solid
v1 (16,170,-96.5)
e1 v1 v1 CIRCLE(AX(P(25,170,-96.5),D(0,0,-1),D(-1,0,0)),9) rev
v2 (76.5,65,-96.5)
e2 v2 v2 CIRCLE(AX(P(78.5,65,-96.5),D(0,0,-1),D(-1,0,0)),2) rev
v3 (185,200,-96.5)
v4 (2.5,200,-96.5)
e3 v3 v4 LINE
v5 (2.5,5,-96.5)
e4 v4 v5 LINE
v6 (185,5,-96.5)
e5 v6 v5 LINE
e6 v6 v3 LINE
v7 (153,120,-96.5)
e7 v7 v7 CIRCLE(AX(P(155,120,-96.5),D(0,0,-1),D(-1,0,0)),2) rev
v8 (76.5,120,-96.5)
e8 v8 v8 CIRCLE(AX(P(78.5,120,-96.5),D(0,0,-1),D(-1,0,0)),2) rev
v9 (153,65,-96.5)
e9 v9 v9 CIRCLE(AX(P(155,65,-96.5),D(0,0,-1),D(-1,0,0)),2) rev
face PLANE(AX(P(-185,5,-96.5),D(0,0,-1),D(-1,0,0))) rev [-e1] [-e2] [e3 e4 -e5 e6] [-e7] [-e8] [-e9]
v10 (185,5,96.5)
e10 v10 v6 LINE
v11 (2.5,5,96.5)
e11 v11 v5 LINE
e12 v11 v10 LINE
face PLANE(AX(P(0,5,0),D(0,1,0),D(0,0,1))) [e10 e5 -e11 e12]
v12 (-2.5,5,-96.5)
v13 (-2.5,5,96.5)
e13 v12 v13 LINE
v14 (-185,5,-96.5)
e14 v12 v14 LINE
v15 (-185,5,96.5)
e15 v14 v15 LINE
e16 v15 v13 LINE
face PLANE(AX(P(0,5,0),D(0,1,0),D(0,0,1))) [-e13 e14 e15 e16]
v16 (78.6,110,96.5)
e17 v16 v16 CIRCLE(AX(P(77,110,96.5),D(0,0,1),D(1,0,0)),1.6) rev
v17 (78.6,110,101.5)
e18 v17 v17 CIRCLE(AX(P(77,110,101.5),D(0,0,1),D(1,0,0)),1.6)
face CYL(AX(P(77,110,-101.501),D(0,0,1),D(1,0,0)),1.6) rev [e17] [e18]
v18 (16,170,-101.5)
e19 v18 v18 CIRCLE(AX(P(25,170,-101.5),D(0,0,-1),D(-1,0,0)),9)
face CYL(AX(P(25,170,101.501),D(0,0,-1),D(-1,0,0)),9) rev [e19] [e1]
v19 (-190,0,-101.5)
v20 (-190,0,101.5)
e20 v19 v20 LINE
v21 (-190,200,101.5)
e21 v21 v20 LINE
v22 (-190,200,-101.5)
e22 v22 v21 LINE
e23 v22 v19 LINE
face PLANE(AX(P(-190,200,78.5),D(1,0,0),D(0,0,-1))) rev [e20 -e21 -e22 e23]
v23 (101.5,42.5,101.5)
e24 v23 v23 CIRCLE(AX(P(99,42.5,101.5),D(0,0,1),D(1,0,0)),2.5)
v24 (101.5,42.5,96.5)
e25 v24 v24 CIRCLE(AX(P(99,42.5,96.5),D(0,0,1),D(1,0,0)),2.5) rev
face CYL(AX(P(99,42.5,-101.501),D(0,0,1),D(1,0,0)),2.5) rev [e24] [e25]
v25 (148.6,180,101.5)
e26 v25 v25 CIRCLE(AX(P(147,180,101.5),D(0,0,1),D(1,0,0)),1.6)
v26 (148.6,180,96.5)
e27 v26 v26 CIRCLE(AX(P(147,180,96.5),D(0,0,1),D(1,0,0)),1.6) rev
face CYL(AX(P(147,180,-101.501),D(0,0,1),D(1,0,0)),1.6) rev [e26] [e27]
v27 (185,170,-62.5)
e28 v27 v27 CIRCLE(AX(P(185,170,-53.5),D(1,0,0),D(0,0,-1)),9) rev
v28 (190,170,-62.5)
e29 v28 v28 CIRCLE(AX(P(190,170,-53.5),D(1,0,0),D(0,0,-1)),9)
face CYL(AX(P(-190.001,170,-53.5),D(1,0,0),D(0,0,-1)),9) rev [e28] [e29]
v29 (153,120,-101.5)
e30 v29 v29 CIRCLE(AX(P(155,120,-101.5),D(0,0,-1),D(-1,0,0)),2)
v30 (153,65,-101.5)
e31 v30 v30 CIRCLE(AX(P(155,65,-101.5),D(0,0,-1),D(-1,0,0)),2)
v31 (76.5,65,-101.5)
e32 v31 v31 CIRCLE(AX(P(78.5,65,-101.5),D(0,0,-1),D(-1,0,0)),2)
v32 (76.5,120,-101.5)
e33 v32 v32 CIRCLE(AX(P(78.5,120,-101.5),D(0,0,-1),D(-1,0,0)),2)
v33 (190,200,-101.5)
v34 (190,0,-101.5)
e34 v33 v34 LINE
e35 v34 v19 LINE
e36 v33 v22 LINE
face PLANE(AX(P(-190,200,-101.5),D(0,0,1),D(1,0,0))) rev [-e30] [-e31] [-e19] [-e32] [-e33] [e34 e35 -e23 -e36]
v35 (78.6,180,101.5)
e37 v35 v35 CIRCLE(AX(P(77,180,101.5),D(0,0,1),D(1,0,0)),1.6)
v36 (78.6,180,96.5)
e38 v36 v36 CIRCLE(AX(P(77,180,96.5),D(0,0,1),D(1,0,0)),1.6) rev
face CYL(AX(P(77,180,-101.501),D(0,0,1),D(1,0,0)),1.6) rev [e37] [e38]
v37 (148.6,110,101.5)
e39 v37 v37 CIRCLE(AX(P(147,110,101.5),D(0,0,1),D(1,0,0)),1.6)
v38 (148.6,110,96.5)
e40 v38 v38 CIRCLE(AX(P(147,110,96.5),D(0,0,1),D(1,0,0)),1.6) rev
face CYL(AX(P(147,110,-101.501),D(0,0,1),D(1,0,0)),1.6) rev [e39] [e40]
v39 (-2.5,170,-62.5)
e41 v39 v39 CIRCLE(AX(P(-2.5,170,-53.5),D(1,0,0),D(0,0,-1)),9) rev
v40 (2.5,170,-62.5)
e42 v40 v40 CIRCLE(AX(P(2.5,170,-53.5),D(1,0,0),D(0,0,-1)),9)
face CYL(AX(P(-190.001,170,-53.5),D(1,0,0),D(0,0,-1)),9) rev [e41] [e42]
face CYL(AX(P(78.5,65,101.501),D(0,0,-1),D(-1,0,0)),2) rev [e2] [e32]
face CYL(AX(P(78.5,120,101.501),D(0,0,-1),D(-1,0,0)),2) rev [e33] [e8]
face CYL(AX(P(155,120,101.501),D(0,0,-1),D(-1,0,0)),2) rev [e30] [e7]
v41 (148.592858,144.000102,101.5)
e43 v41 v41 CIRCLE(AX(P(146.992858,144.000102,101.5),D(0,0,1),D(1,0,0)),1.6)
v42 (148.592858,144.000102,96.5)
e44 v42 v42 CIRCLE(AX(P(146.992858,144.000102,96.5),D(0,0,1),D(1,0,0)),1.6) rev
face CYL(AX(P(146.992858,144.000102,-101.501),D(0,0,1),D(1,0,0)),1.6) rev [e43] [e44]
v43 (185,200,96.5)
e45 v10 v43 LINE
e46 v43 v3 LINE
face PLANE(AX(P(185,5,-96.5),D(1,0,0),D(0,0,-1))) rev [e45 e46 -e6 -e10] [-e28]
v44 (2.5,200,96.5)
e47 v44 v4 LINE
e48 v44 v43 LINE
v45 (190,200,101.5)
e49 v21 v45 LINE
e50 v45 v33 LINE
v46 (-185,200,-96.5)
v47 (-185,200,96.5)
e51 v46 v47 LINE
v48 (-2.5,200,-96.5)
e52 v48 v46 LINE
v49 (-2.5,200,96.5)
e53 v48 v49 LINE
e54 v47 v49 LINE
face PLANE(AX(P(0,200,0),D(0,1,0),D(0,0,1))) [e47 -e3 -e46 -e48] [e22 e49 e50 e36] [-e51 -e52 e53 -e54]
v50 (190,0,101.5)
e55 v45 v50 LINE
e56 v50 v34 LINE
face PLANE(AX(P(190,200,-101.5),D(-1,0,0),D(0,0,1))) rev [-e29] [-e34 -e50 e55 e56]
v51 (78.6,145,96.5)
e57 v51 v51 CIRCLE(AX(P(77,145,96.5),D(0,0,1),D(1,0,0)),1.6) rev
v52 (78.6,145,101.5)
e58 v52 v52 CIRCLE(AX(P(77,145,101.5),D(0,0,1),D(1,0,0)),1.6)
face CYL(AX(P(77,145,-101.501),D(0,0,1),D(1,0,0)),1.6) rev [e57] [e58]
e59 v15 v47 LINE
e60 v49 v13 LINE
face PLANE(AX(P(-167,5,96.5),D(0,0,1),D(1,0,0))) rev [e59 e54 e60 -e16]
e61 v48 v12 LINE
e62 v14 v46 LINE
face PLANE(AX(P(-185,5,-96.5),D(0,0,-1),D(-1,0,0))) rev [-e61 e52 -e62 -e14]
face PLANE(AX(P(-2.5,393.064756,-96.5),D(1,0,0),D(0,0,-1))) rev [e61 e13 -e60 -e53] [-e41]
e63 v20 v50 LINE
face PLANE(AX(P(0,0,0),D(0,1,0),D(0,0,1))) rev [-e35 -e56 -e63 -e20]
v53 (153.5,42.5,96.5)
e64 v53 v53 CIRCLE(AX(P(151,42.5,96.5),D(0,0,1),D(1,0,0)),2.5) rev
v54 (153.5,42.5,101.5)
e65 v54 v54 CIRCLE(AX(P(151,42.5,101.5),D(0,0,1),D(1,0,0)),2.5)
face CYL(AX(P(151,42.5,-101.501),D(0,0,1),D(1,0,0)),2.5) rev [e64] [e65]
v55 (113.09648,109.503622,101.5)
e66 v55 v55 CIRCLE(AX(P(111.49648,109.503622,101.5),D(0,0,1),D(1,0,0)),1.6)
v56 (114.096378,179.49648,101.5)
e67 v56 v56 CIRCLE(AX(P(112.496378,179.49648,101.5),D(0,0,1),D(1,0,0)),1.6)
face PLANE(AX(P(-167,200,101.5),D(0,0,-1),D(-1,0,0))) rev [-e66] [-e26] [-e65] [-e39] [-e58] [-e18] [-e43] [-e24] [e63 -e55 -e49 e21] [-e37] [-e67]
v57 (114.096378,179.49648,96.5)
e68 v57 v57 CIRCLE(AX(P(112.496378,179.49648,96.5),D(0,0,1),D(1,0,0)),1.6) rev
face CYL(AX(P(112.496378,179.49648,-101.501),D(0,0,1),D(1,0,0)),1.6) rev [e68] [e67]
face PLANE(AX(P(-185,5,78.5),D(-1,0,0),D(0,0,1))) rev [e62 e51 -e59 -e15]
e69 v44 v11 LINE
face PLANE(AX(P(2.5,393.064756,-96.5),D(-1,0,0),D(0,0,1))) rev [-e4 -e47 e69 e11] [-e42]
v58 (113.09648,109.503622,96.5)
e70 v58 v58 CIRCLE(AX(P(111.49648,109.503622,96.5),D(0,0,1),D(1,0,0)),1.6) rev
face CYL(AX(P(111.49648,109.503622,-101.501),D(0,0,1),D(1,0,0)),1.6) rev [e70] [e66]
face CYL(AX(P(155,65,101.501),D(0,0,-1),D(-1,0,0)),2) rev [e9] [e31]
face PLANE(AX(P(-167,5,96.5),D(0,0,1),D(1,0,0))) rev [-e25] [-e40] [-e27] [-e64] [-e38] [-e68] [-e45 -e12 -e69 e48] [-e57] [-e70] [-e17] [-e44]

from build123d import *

# Parameters (mm, degrees)
EXTRUDE_1_DEPTH     = 200
CUT_EXTRUDE_1_DEPTH = 195
CUT_EXTRUDE_4_REACH = 443.251
SKETCH_9_R          = 9
CUT_EXTRUDE_5_REACH = 344.504
SKETCH_11_R         = 1.6
CUT_EXTRUDE_6_REACH = 344.504
SKETCH_12_R         = 1.6
CUT_EXTRUDE_7_REACH = 344.504
SKETCH_13_R         = 2.5
SKETCH_14_W         = 5
SKETCH_14_H         = 193
EXTRUDE_2_DEPTH     = 195
CUT_EXTRUDE_8_REACH = 344.504
SKETCH_15_R         = 2
SKETCH_15_R_2       = 9
CUT_EXTRUDE_9_REACH = 297.565
SKETCH_16_R         = 9


with BuildPart() as part:
    # 草图1 → 凸台-拉伸1 (new body)
    with BuildSketch(Plane(origin=(0, 0, 0), x_dir=(1, 0, 0), z_dir=(0, 1, 0))):
        Polygon((-190, 78.5), (-190, 101.5), (-167, 101.5), (167, 101.5), (190, 101.5), (190, 78.5), (190, -78.5), (190, -101.5), (167, -101.5), (-167, -101.5), (-190, -101.5), (-190, -78.5), align=None)
    extrude(amount=EXTRUDE_1_DEPTH)

    # 草图3 → 切除-拉伸1 (cut)
    with BuildSketch(Plane(origin=(0, 200, 0), x_dir=(1, 0, 0), z_dir=(0, 1, 0))):
        Polygon((-167, 96.5), (167, 96.5), (185, 96.5), (185, 78.5), (185, -78.5), (185, -96.5), (167, -96.5), (-167, -96.5), (-185, -96.5), (-185, -78.5), (-185, 78.5), (-185, 96.5), align=None)
    extrude(amount=-CUT_EXTRUDE_1_DEPTH, mode=Mode.SUBTRACT)

    # 草图9 → 切除-拉伸4 (cut, up to next)
    with BuildSketch(Plane(origin=(190, 0, 0), x_dir=(0, 0, -1), z_dir=(1, 0, 0)), mode=Mode.PRIVATE) as cut_extrude_4_sk1:
        with Locations((53.5, 170)):
            Circle(SKETCH_9_R)
    cut_extrude_4_tool1 = extrude(cut_extrude_4_sk1.sketch, amount=-CUT_EXTRUDE_4_REACH, mode=Mode.PRIVATE) & part.part
    add(cut_extrude_4_tool1.solids().sort_by_distance((190, 170, -53.5))[0], mode=Mode.SUBTRACT)

    # 草图11 → 切除-拉伸5 (cut, up to next)
    with BuildSketch(Plane.XY.offset(101.5), mode=Mode.PRIVATE) as cut_extrude_5_sk1:
        with Locations((77, 180)):
            Circle(SKETCH_11_R)
    cut_extrude_5_tool1 = extrude(cut_extrude_5_sk1.sketch, amount=-CUT_EXTRUDE_5_REACH, mode=Mode.PRIVATE) & part.part
    # 草图11 → 切除-拉伸5 (cut, up to next)
    with BuildSketch(Plane.XY.offset(101.5), mode=Mode.PRIVATE) as cut_extrude_5_sk2:
        with Locations((147, 180)):
            Circle(SKETCH_11_R)
    cut_extrude_5_tool2 = extrude(cut_extrude_5_sk2.sketch, amount=-CUT_EXTRUDE_5_REACH, mode=Mode.PRIVATE) & part.part
    # 草图11 → 切除-拉伸5 (cut, up to next)
    with BuildSketch(Plane.XY.offset(101.5), mode=Mode.PRIVATE) as cut_extrude_5_sk3:
        with Locations((77, 110)):
            Circle(SKETCH_11_R)
    cut_extrude_5_tool3 = extrude(cut_extrude_5_sk3.sketch, amount=-CUT_EXTRUDE_5_REACH, mode=Mode.PRIVATE) & part.part
    # 草图11 → 切除-拉伸5 (cut, up to next)
    with BuildSketch(Plane.XY.offset(101.5), mode=Mode.PRIVATE) as cut_extrude_5_sk4:
        with Locations((147, 110)):
            Circle(SKETCH_11_R)
    cut_extrude_5_tool4 = extrude(cut_extrude_5_sk4.sketch, amount=-CUT_EXTRUDE_5_REACH, mode=Mode.PRIVATE) & part.part
    add(cut_extrude_5_tool1.solids().sort_by_distance((77, 180, 101.5))[0], mode=Mode.SUBTRACT)
    add(cut_extrude_5_tool2.solids().sort_by_distance((147, 180, 101.5))[0], mode=Mode.SUBTRACT)
    add(cut_extrude_5_tool3.solids().sort_by_distance((77, 110, 101.5))[0], mode=Mode.SUBTRACT)
    add(cut_extrude_5_tool4.solids().sort_by_distance((147, 110, 101.5))[0], mode=Mode.SUBTRACT)

    # 草图12 → 切除-拉伸6 (cut, up to next)
    with BuildSketch(Plane.XY.offset(101.5), mode=Mode.PRIVATE) as cut_extrude_6_sk1:
        with Locations((77, 145)):
            Circle(SKETCH_12_R)
    cut_extrude_6_tool1 = extrude(cut_extrude_6_sk1.sketch, amount=-CUT_EXTRUDE_6_REACH, mode=Mode.PRIVATE) & part.part
    # 草图12 → 切除-拉伸6 (cut, up to next)
    with BuildSketch(Plane.XY.offset(101.5), mode=Mode.PRIVATE) as cut_extrude_6_sk2:
        with Locations((112.496378105, 179.496480131)):
            Circle(SKETCH_12_R)
    cut_extrude_6_tool2 = extrude(cut_extrude_6_sk2.sketch, amount=-CUT_EXTRUDE_6_REACH, mode=Mode.PRIVATE) & part.part
    # 草图12 → 切除-拉伸6 (cut, up to next)
    with BuildSketch(Plane.XY.offset(101.5), mode=Mode.PRIVATE) as cut_extrude_6_sk3:
        with Locations((146.992858236, 144.000102025)):
            Circle(SKETCH_12_R)
    cut_extrude_6_tool3 = extrude(cut_extrude_6_sk3.sketch, amount=-CUT_EXTRUDE_6_REACH, mode=Mode.PRIVATE) & part.part
    # 草图12 → 切除-拉伸6 (cut, up to next)
    with BuildSketch(Plane.XY.offset(101.5), mode=Mode.PRIVATE) as cut_extrude_6_sk4:
        with Locations((111.496480131, 109.503621895)):
            Circle(SKETCH_12_R)
    cut_extrude_6_tool4 = extrude(cut_extrude_6_sk4.sketch, amount=-CUT_EXTRUDE_6_REACH, mode=Mode.PRIVATE) & part.part
    add(cut_extrude_6_tool1.solids().sort_by_distance((77, 145, 101.5))[0], mode=Mode.SUBTRACT)
    add(cut_extrude_6_tool2.solids().sort_by_distance((112.496378, 179.49648, 101.5))[0], mode=Mode.SUBTRACT)
    add(cut_extrude_6_tool3.solids().sort_by_distance((146.992858, 144.000102, 101.5))[0], mode=Mode.SUBTRACT)
    add(cut_extrude_6_tool4.solids().sort_by_distance((111.49648, 109.503622, 101.5))[0], mode=Mode.SUBTRACT)

    # 草图13 → 切除-拉伸7 (cut, up to next)
    with BuildSketch(Plane.XY.offset(101.5), mode=Mode.PRIVATE) as cut_extrude_7_sk1:
        with Locations((99, 42.5)):
            Circle(SKETCH_13_R)
    cut_extrude_7_tool1 = extrude(cut_extrude_7_sk1.sketch, amount=-CUT_EXTRUDE_7_REACH, mode=Mode.PRIVATE) & part.part
    # 草图13 → 切除-拉伸7 (cut, up to next)
    with BuildSketch(Plane.XY.offset(101.5), mode=Mode.PRIVATE) as cut_extrude_7_sk2:
        with Locations((151, 42.5)):
            Circle(SKETCH_13_R)
    cut_extrude_7_tool2 = extrude(cut_extrude_7_sk2.sketch, amount=-CUT_EXTRUDE_7_REACH, mode=Mode.PRIVATE) & part.part
    add(cut_extrude_7_tool1.solids().sort_by_distance((99, 42.5, 101.5))[0], mode=Mode.SUBTRACT)
    add(cut_extrude_7_tool2.solids().sort_by_distance((151, 42.5, 101.5))[0], mode=Mode.SUBTRACT)

    # 草图14 → 凸台-拉伸2 (add)
    with BuildSketch(Plane(origin=(0, 5, 0), x_dir=(1, 0, 0), z_dir=(0, 1, 0))):
        Rectangle(SKETCH_14_W, SKETCH_14_H)
    extrude(amount=EXTRUDE_2_DEPTH)

    # 草图15 → 切除-拉伸8 (cut, up to next)
    with BuildSketch(Plane(origin=(0, 0, -101.5), x_dir=(-1, 0, 0), z_dir=(0, 0, -1)), mode=Mode.PRIVATE) as cut_extrude_8_sk1:
        with Locations((-155, 120)):
            Circle(SKETCH_15_R)
    cut_extrude_8_tool1 = extrude(cut_extrude_8_sk1.sketch, amount=-CUT_EXTRUDE_8_REACH, mode=Mode.PRIVATE) & part.part
    # 草图15 → 切除-拉伸8 (cut, up to next)
    with BuildSketch(Plane(origin=(0, 0, -101.5), x_dir=(-1, 0, 0), z_dir=(0, 0, -1)), mode=Mode.PRIVATE) as cut_extrude_8_sk2:
        with Locations((-78.5, 120)):
            Circle(SKETCH_15_R)
    cut_extrude_8_tool2 = extrude(cut_extrude_8_sk2.sketch, amount=-CUT_EXTRUDE_8_REACH, mode=Mode.PRIVATE) & part.part
    # 草图15 → 切除-拉伸8 (cut, up to next)
    with BuildSketch(Plane(origin=(0, 0, -101.5), x_dir=(-1, 0, 0), z_dir=(0, 0, -1)), mode=Mode.PRIVATE) as cut_extrude_8_sk3:
        with Locations((-78.5, 65)):
            Circle(SKETCH_15_R)
    cut_extrude_8_tool3 = extrude(cut_extrude_8_sk3.sketch, amount=-CUT_EXTRUDE_8_REACH, mode=Mode.PRIVATE) & part.part
    # 草图15 → 切除-拉伸8 (cut, up to next)
    with BuildSketch(Plane(origin=(0, 0, -101.5), x_dir=(-1, 0, 0), z_dir=(0, 0, -1)), mode=Mode.PRIVATE) as cut_extrude_8_sk4:
        with Locations((-155, 65)):
            Circle(SKETCH_15_R)
    cut_extrude_8_tool4 = extrude(cut_extrude_8_sk4.sketch, amount=-CUT_EXTRUDE_8_REACH, mode=Mode.PRIVATE) & part.part
    # 草图15 → 切除-拉伸8 (cut, up to next)
    with BuildSketch(Plane(origin=(0, 0, -101.5), x_dir=(-1, 0, 0), z_dir=(0, 0, -1)), mode=Mode.PRIVATE) as cut_extrude_8_sk5:
        with Locations((-25, 170)):
            Circle(SKETCH_15_R_2)
    cut_extrude_8_tool5 = extrude(cut_extrude_8_sk5.sketch, amount=-CUT_EXTRUDE_8_REACH, mode=Mode.PRIVATE) & part.part
    add(cut_extrude_8_tool1.solids().sort_by_distance((155, 120, -101.5))[0], mode=Mode.SUBTRACT)
    add(cut_extrude_8_tool2.solids().sort_by_distance((78.5, 120, -101.5))[0], mode=Mode.SUBTRACT)
    add(cut_extrude_8_tool3.solids().sort_by_distance((78.5, 65, -101.5))[0], mode=Mode.SUBTRACT)
    add(cut_extrude_8_tool4.solids().sort_by_distance((155, 65, -101.5))[0], mode=Mode.SUBTRACT)
    add(cut_extrude_8_tool5.solids().sort_by_distance((25, 170, -101.5))[0], mode=Mode.SUBTRACT)

    # 草图16 → 切除-拉伸9 (cut, up to next)
    with BuildSketch(Plane(origin=(2.5, 0, 0), x_dir=(0, 0, -1), z_dir=(1, 0, 0)), mode=Mode.PRIVATE) as cut_extrude_9_sk1:
        with Locations((53.5, 170)):
            Circle(SKETCH_16_R)
    cut_extrude_9_tool1 = extrude(cut_extrude_9_sk1.sketch, amount=-CUT_EXTRUDE_9_REACH, mode=Mode.PRIVATE) & part.part
    add(cut_extrude_9_tool1.solids().sort_by_distance((2.5, 170, -53.5))[0], mode=Mode.SUBTRACT)


solid = part.part
